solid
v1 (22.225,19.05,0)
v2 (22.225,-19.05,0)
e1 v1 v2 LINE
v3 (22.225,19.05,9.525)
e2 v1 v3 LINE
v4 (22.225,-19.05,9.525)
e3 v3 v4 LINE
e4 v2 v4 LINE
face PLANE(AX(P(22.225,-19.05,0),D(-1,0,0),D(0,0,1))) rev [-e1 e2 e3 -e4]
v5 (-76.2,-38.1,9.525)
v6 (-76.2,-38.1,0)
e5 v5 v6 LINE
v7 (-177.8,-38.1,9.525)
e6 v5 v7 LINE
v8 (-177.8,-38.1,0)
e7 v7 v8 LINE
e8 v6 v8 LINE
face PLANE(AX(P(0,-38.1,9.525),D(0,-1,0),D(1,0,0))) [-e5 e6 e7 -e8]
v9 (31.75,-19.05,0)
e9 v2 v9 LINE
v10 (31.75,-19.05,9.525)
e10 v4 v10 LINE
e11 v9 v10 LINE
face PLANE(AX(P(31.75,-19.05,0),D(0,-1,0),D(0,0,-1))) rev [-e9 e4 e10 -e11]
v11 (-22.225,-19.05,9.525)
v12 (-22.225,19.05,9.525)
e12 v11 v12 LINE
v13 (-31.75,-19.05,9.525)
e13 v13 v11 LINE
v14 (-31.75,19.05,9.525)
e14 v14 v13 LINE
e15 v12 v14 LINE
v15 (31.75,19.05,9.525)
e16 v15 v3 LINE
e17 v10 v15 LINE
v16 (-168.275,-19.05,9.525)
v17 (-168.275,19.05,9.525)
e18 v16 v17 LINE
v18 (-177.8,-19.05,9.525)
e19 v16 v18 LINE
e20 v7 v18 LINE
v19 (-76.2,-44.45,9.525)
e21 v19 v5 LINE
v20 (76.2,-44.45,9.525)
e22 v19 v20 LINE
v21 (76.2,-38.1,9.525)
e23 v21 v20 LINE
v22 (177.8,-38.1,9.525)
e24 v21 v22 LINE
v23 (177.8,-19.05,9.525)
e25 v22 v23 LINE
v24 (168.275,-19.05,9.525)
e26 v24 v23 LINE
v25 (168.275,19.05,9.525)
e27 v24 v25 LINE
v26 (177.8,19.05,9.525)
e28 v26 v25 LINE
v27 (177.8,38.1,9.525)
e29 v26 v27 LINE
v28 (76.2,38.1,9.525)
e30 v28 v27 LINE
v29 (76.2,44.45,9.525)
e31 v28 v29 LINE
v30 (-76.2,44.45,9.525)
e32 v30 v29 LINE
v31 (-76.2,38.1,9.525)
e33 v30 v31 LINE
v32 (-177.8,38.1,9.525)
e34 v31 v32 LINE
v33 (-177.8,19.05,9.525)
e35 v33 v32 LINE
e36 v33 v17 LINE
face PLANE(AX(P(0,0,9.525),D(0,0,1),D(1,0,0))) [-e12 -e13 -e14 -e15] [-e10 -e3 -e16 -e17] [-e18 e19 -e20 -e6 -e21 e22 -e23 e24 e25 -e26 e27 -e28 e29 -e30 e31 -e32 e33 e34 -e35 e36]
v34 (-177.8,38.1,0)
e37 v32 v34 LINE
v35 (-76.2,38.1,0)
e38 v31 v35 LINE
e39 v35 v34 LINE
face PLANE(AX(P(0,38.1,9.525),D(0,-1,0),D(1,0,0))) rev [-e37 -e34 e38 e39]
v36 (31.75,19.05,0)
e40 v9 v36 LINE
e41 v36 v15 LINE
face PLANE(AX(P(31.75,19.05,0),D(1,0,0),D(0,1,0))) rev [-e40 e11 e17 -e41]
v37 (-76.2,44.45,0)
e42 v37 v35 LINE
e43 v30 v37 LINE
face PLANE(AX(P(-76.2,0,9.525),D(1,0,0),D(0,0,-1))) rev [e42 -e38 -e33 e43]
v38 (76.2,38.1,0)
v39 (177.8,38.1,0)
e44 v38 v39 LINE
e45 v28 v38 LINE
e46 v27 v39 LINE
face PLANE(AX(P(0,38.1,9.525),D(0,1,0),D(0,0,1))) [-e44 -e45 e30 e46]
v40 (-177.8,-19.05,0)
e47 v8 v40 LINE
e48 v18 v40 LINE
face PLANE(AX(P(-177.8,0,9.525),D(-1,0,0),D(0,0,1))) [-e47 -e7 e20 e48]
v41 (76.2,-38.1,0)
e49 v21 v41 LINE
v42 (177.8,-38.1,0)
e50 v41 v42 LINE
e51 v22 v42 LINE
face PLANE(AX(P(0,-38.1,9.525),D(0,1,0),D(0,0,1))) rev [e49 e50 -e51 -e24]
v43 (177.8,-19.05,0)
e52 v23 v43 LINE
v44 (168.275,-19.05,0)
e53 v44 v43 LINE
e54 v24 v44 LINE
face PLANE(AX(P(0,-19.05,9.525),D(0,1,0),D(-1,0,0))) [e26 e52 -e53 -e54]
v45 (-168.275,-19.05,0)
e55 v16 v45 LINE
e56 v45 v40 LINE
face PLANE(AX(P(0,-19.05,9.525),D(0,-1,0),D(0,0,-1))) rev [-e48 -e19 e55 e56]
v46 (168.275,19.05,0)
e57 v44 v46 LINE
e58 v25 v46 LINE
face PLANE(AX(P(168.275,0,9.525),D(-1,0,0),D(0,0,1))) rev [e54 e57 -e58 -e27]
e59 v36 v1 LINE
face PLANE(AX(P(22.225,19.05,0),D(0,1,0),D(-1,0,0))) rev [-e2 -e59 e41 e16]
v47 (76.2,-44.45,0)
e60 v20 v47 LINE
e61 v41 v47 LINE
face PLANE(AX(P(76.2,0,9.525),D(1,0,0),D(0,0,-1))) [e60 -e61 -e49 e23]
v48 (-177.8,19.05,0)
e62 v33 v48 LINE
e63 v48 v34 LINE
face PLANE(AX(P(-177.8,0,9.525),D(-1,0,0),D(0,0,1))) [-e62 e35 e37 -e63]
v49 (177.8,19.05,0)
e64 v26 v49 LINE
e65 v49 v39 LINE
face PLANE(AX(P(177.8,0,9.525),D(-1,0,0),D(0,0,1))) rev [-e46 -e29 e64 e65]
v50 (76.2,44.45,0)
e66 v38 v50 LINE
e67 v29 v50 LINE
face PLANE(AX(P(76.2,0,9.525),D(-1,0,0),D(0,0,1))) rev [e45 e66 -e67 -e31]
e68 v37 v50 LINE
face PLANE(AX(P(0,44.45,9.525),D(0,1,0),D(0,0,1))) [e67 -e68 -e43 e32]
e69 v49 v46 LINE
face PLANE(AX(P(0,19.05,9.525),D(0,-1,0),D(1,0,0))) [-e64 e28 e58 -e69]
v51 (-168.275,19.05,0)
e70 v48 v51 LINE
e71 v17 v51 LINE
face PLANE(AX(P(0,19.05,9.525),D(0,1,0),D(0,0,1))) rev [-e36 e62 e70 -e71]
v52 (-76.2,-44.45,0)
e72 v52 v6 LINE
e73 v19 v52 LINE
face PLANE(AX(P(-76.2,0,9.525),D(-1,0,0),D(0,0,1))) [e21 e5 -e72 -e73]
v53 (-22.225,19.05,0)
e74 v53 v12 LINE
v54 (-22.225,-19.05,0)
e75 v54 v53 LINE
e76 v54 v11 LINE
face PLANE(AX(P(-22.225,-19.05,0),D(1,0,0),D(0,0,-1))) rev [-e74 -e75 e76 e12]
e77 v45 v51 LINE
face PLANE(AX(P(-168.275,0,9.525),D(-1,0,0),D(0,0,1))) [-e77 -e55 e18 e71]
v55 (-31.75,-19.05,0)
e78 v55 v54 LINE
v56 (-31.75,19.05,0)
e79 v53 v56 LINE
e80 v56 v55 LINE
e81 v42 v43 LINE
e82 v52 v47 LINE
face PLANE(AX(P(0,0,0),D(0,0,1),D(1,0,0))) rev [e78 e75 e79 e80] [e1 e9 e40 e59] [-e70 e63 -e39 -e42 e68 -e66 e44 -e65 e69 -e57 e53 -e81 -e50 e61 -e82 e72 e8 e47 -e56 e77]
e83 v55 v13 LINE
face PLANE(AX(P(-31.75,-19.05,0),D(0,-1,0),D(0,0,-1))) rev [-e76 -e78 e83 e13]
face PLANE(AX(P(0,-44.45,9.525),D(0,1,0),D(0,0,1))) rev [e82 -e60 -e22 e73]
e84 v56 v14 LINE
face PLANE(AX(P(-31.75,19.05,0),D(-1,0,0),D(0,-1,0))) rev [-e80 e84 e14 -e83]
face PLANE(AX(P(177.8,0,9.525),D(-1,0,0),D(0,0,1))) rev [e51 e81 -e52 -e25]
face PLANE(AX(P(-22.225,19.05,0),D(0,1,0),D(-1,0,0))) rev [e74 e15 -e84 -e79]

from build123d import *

# Parameters (mm, degrees)
BOSS_EXTRUDE1_DEPTH = 9.525
SKETCH2_W           = 9.525
SKETCH2_H           = 38.1
CUT_EXTRUDE1_DEPTH  = 184.519394411


with BuildPart() as part:
    # Sketch1 → Boss-Extrude1 (new body)
    with BuildSketch(Plane.XY):
        Polygon((-76.2, -38.1), (-76.2, -44.45), (76.2, -44.45), (76.2, -38.1), (177.8, -38.1), (177.8, -19.05), (168.275, -19.05), (168.275, 19.05), (177.8, 19.05), (177.8, 38.1), (76.2, 38.1), (76.2, 44.45), (-76.2, 44.45), (-76.2, 38.1), (-177.8, 38.1), (-177.8, 19.05), (-168.275, 19.05), (-168.275, -19.05), (-177.8, -19.05), (-177.8, -38.1), align=None)
    extrude(amount=BOSS_EXTRUDE1_DEPTH)

    # Sketch2 → Cut-Extrude1 (cut, through all)
    with BuildSketch(Plane.XY.offset(9.525)):
        with Locations((-26.9875, 0)):
            Rectangle(SKETCH2_W, SKETCH2_H)
        with Locations((26.9875, 0)):
            Rectangle(SKETCH2_W, SKETCH2_H)
    extrude(amount=-CUT_EXTRUDE1_DEPTH, mode=Mode.SUBTRACT)


solid = part.part
